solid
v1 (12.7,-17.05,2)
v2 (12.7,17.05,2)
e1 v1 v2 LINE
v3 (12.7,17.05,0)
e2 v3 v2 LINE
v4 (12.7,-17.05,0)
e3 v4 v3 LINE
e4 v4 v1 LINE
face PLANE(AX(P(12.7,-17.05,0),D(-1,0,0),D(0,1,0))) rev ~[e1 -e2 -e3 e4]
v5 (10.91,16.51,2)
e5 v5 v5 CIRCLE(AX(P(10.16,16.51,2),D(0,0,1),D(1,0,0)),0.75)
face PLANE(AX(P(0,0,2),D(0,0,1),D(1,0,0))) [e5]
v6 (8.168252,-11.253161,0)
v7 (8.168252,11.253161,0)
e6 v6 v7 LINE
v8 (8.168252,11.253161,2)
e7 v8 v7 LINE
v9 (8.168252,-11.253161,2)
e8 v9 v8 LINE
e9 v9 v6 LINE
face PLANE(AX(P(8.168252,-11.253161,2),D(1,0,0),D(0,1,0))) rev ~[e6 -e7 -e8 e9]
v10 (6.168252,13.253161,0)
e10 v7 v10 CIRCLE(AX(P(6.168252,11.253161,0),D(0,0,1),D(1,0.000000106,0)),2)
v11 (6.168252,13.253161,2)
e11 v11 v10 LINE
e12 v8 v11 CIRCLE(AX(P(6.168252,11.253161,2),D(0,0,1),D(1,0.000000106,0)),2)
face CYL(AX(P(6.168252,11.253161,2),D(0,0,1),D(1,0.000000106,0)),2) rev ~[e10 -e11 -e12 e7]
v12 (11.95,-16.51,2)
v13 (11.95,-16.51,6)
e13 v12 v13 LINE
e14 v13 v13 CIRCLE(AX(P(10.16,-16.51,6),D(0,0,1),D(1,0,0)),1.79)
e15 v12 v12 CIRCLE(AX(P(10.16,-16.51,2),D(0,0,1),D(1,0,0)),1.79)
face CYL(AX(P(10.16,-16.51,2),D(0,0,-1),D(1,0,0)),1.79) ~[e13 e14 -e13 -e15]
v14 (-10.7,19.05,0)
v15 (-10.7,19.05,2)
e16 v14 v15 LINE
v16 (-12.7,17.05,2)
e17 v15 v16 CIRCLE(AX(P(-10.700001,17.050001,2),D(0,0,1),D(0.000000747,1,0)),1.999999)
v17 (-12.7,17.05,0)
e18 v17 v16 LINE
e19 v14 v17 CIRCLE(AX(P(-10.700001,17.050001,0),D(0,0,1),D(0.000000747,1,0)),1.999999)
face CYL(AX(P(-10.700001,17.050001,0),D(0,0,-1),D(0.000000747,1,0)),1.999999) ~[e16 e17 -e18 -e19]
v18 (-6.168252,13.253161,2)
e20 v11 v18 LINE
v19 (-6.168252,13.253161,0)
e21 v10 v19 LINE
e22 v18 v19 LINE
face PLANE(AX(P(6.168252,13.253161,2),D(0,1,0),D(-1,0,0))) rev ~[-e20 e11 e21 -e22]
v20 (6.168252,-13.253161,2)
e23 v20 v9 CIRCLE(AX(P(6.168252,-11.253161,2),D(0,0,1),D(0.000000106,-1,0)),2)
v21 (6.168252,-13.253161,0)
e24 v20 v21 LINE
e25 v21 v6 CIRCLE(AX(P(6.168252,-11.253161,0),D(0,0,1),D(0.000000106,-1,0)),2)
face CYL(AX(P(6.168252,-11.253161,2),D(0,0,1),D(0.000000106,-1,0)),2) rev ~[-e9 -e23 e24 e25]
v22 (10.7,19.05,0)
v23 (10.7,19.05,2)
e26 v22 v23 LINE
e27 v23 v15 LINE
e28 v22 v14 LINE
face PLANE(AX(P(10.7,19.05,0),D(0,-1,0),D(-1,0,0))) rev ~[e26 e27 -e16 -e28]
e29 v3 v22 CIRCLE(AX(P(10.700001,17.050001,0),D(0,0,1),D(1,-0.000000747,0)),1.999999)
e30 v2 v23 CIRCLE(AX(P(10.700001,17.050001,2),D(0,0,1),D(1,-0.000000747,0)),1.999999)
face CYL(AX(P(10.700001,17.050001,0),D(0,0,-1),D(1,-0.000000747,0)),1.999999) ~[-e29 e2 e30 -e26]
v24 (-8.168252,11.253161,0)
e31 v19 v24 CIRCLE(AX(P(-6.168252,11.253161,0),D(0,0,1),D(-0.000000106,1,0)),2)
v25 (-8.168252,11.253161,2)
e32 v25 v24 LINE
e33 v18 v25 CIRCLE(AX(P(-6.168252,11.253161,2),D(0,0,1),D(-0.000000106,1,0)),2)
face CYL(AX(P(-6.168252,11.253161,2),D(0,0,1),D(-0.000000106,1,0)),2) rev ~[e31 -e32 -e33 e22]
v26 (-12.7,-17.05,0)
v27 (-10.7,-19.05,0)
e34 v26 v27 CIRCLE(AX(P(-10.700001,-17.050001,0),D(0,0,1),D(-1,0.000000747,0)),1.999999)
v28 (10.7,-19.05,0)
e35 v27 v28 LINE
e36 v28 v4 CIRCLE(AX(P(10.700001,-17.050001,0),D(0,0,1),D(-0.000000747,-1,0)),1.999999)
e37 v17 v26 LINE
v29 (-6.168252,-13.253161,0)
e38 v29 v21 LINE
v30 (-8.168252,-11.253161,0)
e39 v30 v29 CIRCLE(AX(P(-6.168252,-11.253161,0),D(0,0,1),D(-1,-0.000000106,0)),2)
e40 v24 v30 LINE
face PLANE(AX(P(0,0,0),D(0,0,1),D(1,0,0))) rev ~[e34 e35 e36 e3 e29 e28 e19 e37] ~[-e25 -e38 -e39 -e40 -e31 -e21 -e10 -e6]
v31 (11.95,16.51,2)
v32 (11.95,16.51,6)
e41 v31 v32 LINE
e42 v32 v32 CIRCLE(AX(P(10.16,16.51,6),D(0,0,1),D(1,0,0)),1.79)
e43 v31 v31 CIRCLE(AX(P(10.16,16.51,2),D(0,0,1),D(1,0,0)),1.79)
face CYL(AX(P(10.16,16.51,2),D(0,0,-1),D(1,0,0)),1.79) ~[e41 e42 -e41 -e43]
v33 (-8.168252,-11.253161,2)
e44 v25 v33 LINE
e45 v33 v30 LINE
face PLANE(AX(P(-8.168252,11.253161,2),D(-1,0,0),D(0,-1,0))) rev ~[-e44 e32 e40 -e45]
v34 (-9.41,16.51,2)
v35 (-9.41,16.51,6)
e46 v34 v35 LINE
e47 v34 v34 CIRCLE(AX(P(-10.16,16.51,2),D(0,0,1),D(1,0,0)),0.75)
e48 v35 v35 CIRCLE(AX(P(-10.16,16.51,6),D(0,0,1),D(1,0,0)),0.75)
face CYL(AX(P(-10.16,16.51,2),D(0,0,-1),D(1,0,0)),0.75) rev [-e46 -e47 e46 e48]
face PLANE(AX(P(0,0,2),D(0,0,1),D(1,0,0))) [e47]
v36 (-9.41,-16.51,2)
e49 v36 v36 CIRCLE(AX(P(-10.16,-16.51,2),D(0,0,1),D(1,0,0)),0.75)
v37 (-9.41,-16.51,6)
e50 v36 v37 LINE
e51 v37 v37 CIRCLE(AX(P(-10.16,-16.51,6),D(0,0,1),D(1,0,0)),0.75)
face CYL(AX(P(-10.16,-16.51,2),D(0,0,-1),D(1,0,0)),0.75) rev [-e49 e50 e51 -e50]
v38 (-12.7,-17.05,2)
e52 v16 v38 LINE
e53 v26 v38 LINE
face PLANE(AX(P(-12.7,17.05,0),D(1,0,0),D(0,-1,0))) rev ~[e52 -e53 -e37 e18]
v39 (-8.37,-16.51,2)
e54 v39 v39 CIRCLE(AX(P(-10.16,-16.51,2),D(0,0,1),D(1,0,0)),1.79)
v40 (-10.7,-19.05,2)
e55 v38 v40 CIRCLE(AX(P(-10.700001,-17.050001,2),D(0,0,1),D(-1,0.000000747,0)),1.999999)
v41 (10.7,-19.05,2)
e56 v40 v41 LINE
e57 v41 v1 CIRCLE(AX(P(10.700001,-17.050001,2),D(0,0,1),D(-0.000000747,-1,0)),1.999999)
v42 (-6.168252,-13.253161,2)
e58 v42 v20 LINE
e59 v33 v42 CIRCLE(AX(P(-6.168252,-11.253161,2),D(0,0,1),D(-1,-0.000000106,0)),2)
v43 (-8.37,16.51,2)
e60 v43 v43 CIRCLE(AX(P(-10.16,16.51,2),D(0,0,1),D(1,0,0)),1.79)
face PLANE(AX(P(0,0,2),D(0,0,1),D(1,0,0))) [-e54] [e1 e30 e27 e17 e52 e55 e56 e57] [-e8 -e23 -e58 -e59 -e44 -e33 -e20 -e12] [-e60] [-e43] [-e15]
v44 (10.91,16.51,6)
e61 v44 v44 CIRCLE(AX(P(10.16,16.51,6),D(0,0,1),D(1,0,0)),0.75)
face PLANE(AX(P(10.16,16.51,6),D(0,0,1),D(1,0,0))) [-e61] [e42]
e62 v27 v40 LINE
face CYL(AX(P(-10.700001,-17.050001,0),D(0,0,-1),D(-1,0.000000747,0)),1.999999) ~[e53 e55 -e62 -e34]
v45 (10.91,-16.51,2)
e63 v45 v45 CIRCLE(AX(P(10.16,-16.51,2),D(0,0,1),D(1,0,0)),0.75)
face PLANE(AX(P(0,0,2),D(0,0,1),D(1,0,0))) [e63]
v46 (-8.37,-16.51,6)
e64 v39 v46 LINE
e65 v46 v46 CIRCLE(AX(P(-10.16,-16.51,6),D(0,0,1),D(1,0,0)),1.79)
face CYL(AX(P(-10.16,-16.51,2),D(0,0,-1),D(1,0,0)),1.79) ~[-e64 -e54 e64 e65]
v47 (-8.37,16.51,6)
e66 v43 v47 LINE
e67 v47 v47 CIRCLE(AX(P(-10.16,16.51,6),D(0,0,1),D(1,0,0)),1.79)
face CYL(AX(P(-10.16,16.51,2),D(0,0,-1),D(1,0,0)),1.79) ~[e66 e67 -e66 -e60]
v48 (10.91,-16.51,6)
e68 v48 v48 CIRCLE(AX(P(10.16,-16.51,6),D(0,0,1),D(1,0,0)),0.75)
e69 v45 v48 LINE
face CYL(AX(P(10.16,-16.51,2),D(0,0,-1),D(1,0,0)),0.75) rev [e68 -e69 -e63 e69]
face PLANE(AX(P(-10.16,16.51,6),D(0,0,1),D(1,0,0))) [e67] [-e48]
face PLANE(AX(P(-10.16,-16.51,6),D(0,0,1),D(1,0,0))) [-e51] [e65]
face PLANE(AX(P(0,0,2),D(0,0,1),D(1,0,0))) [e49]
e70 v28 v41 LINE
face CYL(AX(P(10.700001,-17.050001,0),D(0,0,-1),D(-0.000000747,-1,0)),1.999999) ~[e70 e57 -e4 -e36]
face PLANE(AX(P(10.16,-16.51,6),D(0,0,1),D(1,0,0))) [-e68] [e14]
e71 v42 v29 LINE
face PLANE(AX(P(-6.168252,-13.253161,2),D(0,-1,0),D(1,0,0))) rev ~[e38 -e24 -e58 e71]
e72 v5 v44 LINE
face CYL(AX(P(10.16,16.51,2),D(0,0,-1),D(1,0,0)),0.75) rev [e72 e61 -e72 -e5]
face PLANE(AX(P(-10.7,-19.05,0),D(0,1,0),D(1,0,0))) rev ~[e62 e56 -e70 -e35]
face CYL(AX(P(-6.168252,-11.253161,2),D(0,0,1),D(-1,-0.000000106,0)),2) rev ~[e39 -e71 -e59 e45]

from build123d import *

# Parameters (mm, degrees)
F1_DEPTH = 2
F2_R     = 1.79
F2_R_2   = 0.75
F3_DEPTH = 4
F5_DEPTH = 2


with BuildPart() as f1:
    # F0 (on Top) → F1 (new body)
    with BuildSketch(Plane.XY):
        with BuildLine():
            Line((10.7, 19.05), (-10.7, 19.05))
            ThreePointArc((-10.7, 19.05), (-12.114214, 18.464214), (-12.7, 17.05))
            Line((-12.7, 17.05), (-12.7, -17.05))
            ThreePointArc((-12.7, -17.05), (-12.114214, -18.464214), (-10.7, -19.05))
            Line((-10.7, -19.05), (10.7, -19.05))
            ThreePointArc((10.7, -19.05), (12.114214, -18.464214), (12.7, -17.05))
            Line((12.7, -17.05), (12.7, 17.05))
            ThreePointArc((12.7, 17.05), (12.114214, 18.464214), (10.7, 19.05))
        make_face()
    extrude(amount=F1_DEPTH)

    # F2 (on face) → F3 (join)
    with BuildSketch(Plane.XY.offset(2)):
        with Locations((-10.16, 16.51)):
            Circle(F2_R)
        with Locations((-10.16, 16.51)):
            Circle(F2_R_2, mode=Mode.SUBTRACT)
        with Locations((10.16, 16.51)):
            Circle(F2_R)
        with Locations((10.16, 16.51)):
            Circle(F2_R_2, mode=Mode.SUBTRACT)
        with Locations((10.16, -16.51)):
            Circle(F2_R)
        with Locations((10.16, -16.51)):
            Circle(F2_R_2, mode=Mode.SUBTRACT)
        with Locations((-10.16, -16.51)):
            Circle(F2_R)
        with Locations((-10.16, -16.51)):
            Circle(F2_R_2, mode=Mode.SUBTRACT)
    extrude(amount=F3_DEPTH)

    # F4 (on face) → F5 (cut)
    with BuildSketch(Plane.XY.offset(2)):
        with BuildLine():
            Line((6.168252, 13.253161), (-6.168252, 13.253161))
            ThreePointArc((-6.168252, 13.253161), (-7.582466, 12.667374), (-8.168252, 11.253161))
            Line((-8.168252, 11.253161), (-8.168252, -11.253161))
            ThreePointArc((-8.168252, -11.253161), (-7.582466, -12.667374), (-6.168252, -13.253161))
            Line((-6.168252, -13.253161), (6.168252, -13.253161))
            ThreePointArc((6.168252, -13.253161), (7.582466, -12.667374), (8.168252, -11.253161))
            Line((8.168252, -11.253161), (8.168252, 11.253161))
            ThreePointArc((8.168252, 11.253161), (7.582466, 12.667374), (6.168252, 13.253161))
        make_face()
    extrude(amount=-F5_DEPTH, mode=Mode.SUBTRACT)


solid = f1.part
